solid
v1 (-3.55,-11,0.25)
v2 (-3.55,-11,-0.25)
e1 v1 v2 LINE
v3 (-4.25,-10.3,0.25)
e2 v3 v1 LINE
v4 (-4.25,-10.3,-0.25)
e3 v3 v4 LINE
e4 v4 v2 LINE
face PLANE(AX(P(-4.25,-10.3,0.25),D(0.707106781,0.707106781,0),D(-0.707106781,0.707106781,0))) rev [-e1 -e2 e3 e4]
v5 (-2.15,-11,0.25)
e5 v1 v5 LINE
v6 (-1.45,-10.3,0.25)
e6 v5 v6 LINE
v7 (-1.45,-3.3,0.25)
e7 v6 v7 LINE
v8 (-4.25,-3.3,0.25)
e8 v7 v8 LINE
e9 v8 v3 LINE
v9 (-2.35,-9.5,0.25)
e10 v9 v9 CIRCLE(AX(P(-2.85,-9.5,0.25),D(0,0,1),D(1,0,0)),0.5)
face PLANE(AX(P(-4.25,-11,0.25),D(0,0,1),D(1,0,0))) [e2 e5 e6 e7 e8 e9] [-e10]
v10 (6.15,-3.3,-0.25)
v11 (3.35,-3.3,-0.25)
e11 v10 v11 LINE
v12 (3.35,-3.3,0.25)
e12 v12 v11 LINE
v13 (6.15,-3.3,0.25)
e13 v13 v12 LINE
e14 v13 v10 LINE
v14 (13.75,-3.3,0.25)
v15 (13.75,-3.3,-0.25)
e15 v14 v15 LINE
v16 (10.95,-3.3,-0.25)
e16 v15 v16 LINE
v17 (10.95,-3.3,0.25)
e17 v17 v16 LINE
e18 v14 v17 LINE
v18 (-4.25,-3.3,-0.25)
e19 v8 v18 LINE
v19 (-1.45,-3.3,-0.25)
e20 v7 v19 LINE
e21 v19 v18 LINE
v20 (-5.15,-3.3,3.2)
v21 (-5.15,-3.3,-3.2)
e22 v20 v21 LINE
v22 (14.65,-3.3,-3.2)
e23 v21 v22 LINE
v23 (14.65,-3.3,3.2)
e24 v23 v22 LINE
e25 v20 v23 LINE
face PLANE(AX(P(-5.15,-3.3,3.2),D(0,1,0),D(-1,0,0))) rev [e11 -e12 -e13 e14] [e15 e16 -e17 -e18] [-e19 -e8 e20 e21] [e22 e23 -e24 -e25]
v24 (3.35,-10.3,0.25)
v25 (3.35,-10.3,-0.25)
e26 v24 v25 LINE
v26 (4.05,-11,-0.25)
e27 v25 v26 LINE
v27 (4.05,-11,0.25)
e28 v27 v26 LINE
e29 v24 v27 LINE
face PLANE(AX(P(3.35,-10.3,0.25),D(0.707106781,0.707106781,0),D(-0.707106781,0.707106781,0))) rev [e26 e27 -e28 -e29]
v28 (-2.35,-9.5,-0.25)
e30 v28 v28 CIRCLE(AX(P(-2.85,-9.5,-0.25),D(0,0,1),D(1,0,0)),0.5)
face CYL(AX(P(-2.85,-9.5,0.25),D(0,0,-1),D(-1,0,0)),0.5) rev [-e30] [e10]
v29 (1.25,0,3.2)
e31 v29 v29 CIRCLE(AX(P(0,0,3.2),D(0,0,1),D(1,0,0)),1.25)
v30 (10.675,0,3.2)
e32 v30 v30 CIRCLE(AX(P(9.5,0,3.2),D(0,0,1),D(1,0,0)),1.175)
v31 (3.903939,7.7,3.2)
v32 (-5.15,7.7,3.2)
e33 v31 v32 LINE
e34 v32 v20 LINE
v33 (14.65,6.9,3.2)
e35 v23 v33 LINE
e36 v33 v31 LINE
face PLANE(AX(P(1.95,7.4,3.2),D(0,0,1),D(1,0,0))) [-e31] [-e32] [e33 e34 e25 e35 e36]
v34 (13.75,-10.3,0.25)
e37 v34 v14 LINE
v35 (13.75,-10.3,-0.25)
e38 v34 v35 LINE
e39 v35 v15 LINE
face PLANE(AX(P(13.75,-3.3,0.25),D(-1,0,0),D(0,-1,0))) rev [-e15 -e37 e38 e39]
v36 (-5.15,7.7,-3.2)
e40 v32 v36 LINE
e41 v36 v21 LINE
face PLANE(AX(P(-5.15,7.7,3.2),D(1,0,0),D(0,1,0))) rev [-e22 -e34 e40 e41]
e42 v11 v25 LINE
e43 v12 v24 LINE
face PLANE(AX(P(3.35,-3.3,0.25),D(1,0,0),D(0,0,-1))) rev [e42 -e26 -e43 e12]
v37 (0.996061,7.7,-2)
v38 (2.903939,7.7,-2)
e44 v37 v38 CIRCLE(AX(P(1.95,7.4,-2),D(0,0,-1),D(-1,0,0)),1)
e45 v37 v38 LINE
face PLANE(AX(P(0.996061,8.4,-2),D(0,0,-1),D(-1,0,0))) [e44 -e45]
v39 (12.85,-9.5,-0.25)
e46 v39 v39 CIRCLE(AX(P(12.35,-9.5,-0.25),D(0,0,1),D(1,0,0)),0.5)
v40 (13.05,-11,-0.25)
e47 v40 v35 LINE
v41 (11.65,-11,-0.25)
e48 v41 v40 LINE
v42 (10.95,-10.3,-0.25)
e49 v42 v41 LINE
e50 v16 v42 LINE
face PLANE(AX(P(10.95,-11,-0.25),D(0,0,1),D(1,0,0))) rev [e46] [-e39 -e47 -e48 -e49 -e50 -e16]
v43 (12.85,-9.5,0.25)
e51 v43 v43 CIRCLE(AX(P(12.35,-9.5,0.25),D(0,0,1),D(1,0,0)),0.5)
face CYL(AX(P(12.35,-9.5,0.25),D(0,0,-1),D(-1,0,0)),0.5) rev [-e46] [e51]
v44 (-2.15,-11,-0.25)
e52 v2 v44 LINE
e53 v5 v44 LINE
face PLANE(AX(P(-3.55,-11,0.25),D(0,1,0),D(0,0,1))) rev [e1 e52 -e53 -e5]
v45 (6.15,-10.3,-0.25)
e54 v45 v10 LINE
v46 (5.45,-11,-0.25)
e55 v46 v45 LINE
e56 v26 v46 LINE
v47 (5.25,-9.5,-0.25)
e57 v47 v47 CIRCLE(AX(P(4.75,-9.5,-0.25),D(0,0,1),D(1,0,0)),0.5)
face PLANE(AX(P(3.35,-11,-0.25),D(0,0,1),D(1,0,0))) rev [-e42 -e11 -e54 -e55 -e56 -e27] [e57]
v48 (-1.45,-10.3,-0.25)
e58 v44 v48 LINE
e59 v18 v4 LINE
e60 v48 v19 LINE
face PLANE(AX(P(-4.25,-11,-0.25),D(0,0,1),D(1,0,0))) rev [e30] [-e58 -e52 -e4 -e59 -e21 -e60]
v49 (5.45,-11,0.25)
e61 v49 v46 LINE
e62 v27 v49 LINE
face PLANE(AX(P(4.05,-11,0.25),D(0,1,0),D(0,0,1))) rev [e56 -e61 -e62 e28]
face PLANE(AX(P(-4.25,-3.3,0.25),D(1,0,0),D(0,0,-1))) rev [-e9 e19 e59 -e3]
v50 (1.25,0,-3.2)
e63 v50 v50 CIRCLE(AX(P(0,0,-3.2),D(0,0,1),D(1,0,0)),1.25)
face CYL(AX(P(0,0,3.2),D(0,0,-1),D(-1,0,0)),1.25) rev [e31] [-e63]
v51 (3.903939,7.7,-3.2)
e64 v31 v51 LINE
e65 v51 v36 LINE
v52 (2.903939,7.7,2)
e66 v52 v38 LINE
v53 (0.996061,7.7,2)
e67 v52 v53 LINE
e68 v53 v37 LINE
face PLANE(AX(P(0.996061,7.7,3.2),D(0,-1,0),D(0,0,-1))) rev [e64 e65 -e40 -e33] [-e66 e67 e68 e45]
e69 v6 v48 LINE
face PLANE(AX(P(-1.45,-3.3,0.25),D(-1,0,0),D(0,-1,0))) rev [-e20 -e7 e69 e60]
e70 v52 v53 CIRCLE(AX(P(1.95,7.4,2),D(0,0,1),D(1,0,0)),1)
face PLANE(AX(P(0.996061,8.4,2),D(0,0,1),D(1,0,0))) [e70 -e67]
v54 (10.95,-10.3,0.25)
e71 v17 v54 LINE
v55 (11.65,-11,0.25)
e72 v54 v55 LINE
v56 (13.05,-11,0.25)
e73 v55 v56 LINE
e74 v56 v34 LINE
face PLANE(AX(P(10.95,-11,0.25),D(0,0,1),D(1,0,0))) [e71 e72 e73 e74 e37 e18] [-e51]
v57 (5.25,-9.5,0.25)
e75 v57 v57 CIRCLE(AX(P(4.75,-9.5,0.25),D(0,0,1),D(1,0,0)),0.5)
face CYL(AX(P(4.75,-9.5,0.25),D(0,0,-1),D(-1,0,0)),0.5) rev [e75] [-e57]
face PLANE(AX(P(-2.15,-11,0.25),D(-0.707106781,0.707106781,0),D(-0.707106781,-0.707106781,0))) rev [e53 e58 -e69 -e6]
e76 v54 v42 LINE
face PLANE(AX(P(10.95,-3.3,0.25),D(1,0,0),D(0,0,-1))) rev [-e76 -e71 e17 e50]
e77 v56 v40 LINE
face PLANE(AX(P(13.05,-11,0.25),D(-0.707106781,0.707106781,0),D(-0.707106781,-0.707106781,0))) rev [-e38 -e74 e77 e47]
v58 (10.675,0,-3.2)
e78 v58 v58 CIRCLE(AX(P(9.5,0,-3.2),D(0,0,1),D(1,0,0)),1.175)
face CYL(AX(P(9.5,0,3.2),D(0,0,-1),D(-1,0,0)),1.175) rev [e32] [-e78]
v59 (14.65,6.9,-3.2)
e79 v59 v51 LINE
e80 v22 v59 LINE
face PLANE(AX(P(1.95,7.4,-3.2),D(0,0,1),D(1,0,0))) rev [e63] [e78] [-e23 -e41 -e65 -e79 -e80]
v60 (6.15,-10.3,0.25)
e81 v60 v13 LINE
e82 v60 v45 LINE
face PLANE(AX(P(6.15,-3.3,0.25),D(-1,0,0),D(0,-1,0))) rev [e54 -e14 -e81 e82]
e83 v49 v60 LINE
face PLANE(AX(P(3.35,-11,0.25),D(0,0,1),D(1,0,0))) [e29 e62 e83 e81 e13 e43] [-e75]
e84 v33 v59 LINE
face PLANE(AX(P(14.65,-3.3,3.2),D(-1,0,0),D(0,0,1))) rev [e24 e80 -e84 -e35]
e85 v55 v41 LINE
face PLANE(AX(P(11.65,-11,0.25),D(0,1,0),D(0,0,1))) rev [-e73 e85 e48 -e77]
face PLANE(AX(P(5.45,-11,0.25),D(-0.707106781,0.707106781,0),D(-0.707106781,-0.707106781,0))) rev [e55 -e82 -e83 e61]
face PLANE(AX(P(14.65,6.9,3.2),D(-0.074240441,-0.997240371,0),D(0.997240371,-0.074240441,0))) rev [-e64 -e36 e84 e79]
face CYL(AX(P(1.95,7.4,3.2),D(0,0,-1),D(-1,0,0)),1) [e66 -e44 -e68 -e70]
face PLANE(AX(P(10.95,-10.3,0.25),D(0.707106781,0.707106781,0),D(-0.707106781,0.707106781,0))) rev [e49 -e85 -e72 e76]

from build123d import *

# Parameters (mm, degrees)
SKETCH1_R           = 1.25
SKETCH1_R_2         = 1.175
BOSS_EXTRUDE1_DEPTH = 3.2
SKETCH2_R           = 0.5
BOSS_EXTRUDE2_DEPTH = 0.25
SKETCH3_W           = 2.907878402
SKETCH3_H           = 1.2
CUT_EXTRUDE1_DEPTH  = 1.7


with BuildPart() as part:
    # Sketch1 → Boss-Extrude1 (new body, symmetric)
    with BuildSketch(Plane.XY):
        with BuildLine():
            Line((-5.15, -3.3), (14.65, -3.3))
            Line((14.65, -3.3), (14.65, 6.9))
            Line((14.65, 6.9), (3.903939201, 7.7))
            Line((3.903939201, 7.7), (2.903939201, 7.7))
            ThreePointArc((2.903939201, 7.7), (1.95, 8.4), (0.996060799, 7.7))
            Line((0.996060799, 7.7), (-5.15, 7.7))
            Line((-5.15, 7.7), (-5.15, -3.3))
        make_face()
        Circle(SKETCH1_R, mode=Mode.SUBTRACT)
        with Locations((9.5, 0)):
            Circle(SKETCH1_R_2, mode=Mode.SUBTRACT)
    extrude(amount=BOSS_EXTRUDE1_DEPTH, both=True)

    # Sketch2 → Boss-Extrude2 (add, symmetric)
    with BuildSketch(Plane.XY):
        Polygon((-4.25, -3.3), (-1.45, -3.3), (-1.45, -10.3), (-2.15, -11), (-3.55, -11), (-4.25, -10.3), align=None)
        with Locations((-2.85, -9.5)):
            Circle(SKETCH2_R, mode=Mode.SUBTRACT)
        Polygon((3.35, -3.3), (6.15, -3.3), (6.15, -10.3), (5.45, -11), (4.05, -11), (3.35, -10.3), align=None)
        with Locations((4.75, -9.5)):
            Circle(SKETCH2_R, mode=Mode.SUBTRACT)
        Polygon((10.95, -3.3), (13.75, -3.3), (13.75, -10.3), (13.05, -11), (11.65, -11), (10.95, -10.3), align=None)
        with Locations((12.35, -9.5)):
            Circle(SKETCH2_R, mode=Mode.SUBTRACT)
    extrude(amount=BOSS_EXTRUDE2_DEPTH, both=True)

    # Sketch3 → Cut-Extrude1 (cut, through all)
    with BuildSketch(Plane(origin=(0, 7.7, 0), x_dir=(1, 0, 0), z_dir=(0, 1, 0))):
        with Locations((2.45, 2.6)):
            Rectangle(SKETCH3_W, SKETCH3_H)
        with Locations((2.45, -2.6)):
            Rectangle(SKETCH3_W, SKETCH3_H)
    extrude(amount=CUT_EXTRUDE1_DEPTH, mode=Mode.SUBTRACT)


solid = part.part
